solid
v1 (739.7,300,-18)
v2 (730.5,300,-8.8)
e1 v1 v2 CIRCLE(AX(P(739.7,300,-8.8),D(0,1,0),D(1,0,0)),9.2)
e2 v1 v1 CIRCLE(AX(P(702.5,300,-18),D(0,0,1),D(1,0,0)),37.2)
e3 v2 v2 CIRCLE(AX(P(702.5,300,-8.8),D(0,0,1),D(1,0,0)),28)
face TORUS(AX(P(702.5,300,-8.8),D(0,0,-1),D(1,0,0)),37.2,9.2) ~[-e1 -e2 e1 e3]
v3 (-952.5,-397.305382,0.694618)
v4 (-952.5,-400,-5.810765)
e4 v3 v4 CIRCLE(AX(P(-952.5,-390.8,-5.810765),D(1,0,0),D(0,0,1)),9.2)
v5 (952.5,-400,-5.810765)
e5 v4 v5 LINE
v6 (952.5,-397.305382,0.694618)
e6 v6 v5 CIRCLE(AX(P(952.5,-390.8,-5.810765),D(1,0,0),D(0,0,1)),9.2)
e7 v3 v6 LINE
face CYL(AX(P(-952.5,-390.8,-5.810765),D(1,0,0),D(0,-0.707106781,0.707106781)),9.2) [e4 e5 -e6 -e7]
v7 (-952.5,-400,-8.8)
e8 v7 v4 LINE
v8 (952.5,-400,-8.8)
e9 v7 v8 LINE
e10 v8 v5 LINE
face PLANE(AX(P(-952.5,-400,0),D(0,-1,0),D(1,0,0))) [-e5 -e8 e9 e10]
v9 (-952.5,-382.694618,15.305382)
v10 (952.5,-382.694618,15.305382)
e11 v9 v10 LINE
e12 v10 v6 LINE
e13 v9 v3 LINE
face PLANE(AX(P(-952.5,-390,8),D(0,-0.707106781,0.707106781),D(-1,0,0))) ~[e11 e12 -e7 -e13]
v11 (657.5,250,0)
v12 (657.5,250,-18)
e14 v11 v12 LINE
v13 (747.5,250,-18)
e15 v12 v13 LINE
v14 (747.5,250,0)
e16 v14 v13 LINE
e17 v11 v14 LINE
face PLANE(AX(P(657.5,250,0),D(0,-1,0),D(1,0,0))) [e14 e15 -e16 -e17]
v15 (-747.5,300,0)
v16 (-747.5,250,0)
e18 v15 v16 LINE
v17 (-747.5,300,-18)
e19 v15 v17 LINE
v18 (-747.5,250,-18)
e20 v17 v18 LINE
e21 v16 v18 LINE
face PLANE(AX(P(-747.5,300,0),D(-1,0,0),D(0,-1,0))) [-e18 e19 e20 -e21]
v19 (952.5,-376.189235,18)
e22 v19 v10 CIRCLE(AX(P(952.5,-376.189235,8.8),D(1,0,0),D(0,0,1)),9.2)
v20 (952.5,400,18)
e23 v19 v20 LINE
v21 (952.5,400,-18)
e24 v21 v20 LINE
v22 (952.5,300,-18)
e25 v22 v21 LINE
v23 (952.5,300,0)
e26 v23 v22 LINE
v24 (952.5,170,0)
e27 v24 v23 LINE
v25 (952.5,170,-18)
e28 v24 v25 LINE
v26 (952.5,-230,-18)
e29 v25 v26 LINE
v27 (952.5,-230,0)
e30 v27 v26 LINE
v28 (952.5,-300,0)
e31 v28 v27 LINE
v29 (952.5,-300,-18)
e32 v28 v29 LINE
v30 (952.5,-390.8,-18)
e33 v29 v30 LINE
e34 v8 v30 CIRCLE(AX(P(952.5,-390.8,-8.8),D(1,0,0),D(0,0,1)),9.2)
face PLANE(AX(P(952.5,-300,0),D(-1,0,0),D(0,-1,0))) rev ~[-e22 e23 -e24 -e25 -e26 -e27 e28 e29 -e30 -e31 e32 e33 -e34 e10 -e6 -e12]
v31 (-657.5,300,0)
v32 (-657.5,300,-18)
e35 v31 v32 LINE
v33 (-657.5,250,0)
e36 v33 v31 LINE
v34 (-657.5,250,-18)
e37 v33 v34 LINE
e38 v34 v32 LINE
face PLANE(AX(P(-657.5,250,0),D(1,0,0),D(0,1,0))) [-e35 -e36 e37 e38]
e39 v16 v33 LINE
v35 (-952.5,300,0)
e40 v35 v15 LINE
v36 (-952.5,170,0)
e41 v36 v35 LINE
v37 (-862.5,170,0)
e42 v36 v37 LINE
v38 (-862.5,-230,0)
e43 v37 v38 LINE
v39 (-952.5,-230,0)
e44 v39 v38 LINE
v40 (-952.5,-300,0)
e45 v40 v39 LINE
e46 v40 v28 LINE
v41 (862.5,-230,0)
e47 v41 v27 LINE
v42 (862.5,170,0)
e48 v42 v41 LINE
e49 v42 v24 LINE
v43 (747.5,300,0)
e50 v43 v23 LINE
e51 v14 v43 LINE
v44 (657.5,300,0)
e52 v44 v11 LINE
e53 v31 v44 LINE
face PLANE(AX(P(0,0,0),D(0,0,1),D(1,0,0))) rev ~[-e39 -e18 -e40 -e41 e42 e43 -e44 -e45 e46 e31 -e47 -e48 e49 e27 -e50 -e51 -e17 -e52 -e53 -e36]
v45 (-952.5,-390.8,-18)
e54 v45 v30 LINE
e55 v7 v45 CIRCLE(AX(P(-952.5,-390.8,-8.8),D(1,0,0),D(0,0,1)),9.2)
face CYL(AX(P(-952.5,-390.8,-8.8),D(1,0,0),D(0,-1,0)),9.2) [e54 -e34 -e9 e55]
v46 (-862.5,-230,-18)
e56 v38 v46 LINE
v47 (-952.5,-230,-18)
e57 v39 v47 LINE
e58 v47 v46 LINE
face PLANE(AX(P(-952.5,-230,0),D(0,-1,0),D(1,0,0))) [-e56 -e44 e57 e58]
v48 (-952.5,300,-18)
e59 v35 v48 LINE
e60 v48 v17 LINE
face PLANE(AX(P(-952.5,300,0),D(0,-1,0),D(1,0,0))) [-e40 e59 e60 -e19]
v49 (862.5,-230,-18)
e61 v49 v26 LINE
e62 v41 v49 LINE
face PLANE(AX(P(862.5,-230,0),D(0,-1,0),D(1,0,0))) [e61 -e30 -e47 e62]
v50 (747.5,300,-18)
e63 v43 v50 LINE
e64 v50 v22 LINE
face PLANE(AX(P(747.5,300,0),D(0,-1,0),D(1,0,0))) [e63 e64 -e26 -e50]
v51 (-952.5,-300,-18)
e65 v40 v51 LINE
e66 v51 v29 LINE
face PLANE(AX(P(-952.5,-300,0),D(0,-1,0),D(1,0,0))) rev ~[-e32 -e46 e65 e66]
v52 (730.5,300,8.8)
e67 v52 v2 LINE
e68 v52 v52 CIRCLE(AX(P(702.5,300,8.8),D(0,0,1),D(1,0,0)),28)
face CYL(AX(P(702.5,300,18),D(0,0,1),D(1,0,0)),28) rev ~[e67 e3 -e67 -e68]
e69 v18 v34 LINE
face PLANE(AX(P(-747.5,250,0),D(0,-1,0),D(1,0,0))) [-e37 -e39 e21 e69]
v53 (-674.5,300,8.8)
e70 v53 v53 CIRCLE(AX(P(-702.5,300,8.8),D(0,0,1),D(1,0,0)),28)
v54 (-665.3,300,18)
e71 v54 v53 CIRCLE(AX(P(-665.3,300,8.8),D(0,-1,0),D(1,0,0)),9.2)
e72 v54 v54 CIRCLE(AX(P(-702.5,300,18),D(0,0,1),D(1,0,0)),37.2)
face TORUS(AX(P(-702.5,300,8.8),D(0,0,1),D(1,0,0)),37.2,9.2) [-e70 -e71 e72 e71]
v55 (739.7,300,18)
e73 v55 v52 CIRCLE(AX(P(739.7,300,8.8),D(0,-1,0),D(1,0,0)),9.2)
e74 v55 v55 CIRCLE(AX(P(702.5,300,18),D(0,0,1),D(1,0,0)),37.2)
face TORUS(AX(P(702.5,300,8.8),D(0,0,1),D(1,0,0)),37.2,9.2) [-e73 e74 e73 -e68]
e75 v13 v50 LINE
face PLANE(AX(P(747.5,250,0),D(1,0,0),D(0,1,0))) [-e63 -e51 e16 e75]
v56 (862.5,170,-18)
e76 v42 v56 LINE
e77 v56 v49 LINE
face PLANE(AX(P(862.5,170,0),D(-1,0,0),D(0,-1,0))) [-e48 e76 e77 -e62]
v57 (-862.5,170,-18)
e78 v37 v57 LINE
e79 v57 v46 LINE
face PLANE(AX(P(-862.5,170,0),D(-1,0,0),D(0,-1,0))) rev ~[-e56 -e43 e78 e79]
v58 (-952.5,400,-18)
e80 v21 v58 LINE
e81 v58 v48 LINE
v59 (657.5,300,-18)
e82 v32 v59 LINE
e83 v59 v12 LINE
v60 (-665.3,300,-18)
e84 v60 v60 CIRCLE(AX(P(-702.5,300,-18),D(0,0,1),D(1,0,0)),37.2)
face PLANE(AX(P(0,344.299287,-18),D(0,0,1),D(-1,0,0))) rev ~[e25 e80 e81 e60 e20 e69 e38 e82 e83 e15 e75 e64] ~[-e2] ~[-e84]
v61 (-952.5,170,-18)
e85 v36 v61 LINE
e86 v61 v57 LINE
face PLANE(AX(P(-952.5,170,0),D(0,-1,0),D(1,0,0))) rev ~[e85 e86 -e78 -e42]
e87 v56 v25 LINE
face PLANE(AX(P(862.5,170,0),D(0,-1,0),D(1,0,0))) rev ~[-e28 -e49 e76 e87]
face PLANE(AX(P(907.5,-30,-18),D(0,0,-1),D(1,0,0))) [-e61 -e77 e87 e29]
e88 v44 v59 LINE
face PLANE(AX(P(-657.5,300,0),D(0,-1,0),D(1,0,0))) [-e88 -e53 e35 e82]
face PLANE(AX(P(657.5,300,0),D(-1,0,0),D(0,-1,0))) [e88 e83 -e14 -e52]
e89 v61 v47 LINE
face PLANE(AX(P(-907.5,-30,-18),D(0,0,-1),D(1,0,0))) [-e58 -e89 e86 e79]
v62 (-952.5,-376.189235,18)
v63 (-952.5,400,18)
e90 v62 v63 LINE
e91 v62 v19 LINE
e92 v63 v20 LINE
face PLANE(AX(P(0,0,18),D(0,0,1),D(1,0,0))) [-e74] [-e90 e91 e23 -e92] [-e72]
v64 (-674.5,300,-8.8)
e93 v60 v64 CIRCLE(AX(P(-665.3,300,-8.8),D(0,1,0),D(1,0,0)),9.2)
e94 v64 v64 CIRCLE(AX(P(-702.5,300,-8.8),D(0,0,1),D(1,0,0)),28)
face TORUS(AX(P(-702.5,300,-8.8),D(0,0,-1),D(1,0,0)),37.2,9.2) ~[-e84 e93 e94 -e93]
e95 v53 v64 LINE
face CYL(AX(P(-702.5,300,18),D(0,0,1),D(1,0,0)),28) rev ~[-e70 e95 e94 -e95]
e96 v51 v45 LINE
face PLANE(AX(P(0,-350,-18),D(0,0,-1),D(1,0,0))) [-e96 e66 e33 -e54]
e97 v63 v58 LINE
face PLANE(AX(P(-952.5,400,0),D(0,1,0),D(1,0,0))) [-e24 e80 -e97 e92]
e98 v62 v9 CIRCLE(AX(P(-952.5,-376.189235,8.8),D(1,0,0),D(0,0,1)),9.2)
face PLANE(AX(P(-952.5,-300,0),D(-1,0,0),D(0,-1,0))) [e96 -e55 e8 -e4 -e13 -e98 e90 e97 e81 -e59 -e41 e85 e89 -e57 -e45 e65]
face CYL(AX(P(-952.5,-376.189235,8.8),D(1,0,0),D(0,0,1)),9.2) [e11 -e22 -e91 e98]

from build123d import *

# Parameters (mm, degrees)
SKETCH004_W   = 1905
SKETCH004_H   = 800
PAD001_DEPTH  = 18
SKETCH006_W   = 1905
SKETCH006_H   = 100
SKETCH006_W_2 = 90
SKETCH006_H_2 = 400
PAD002_DEPTH  = 18
SKETCH005_R   = 28
POCKET_DEPTH  = 40
FILLET002_R   = 9.2
CHAMFER_SIZE  = 20
FILLET003_R   = 9.2


with BuildPart() as part:
    # Sketch004 → Pad001 (new body)
    with BuildSketch(Plane.XY):
        Rectangle(SKETCH004_W, SKETCH004_H)
    extrude(amount=PAD001_DEPTH)

    # Sketch006 (on Face5 of Pad001) → Pad002 (join)
    with BuildSketch(Plane(origin=(0, 0, 0), x_dir=(1, 0, 0), z_dir=(0, 0, -1))):
        with Locations((0, 350)):
            Rectangle(SKETCH006_W, SKETCH006_H)
        Polygon((952.5, -300), (952.5, -400), (-952.5, -400), (-952.5, -300), (-747.5, -300), (-747.5, -250), (-657.5, -250), (-657.5, -300), (657.5, -300), (657.5, -250), (747.5, -250), (747.5, -300), align=None)
        with Locations((-907.5, 30)):
            Rectangle(SKETCH006_W_2, SKETCH006_H_2)
        with Locations((907.5, 30)):
            Rectangle(SKETCH006_W_2, SKETCH006_H_2)
    extrude(amount=PAD002_DEPTH)

    # Sketch005 (on Face6 of Pad001) → Pocket (cut)
    with BuildSketch(Plane.XY.offset(18)):
        with Locations((-702.5, 300)):
            Circle(SKETCH005_R)
        with Locations((702.5, 300)):
            Circle(SKETCH005_R)
    extrude(amount=-POCKET_DEPTH, mode=Mode.SUBTRACT)

    # Fillet002
    fillet002_edges = [part.edges().sort_by_distance(p)[0] for p in [
        (674.5, 300, -18),
        (-730.5, 300, -18),
        (-730.5, 300, 18),
        (674.5, 300, 18),
    ]]
    fillet(fillet002_edges, radius=FILLET002_R)

    # Chamfer
    chamfer_edges = [part.edges().sort_by_distance(p)[0] for p in [
        (0, -400, 18),
    ]]
    chamfer(chamfer_edges, length=CHAMFER_SIZE)

    # Fillet003
    fillet003_edges = [part.edges().sort_by_distance(p)[0] for p in [
        (0, -400, -18),
        (0, -400, -2),
        (0, -380, 18),
    ]]
    fillet(fillet003_edges, radius=FILLET003_R)


solid = part.part
